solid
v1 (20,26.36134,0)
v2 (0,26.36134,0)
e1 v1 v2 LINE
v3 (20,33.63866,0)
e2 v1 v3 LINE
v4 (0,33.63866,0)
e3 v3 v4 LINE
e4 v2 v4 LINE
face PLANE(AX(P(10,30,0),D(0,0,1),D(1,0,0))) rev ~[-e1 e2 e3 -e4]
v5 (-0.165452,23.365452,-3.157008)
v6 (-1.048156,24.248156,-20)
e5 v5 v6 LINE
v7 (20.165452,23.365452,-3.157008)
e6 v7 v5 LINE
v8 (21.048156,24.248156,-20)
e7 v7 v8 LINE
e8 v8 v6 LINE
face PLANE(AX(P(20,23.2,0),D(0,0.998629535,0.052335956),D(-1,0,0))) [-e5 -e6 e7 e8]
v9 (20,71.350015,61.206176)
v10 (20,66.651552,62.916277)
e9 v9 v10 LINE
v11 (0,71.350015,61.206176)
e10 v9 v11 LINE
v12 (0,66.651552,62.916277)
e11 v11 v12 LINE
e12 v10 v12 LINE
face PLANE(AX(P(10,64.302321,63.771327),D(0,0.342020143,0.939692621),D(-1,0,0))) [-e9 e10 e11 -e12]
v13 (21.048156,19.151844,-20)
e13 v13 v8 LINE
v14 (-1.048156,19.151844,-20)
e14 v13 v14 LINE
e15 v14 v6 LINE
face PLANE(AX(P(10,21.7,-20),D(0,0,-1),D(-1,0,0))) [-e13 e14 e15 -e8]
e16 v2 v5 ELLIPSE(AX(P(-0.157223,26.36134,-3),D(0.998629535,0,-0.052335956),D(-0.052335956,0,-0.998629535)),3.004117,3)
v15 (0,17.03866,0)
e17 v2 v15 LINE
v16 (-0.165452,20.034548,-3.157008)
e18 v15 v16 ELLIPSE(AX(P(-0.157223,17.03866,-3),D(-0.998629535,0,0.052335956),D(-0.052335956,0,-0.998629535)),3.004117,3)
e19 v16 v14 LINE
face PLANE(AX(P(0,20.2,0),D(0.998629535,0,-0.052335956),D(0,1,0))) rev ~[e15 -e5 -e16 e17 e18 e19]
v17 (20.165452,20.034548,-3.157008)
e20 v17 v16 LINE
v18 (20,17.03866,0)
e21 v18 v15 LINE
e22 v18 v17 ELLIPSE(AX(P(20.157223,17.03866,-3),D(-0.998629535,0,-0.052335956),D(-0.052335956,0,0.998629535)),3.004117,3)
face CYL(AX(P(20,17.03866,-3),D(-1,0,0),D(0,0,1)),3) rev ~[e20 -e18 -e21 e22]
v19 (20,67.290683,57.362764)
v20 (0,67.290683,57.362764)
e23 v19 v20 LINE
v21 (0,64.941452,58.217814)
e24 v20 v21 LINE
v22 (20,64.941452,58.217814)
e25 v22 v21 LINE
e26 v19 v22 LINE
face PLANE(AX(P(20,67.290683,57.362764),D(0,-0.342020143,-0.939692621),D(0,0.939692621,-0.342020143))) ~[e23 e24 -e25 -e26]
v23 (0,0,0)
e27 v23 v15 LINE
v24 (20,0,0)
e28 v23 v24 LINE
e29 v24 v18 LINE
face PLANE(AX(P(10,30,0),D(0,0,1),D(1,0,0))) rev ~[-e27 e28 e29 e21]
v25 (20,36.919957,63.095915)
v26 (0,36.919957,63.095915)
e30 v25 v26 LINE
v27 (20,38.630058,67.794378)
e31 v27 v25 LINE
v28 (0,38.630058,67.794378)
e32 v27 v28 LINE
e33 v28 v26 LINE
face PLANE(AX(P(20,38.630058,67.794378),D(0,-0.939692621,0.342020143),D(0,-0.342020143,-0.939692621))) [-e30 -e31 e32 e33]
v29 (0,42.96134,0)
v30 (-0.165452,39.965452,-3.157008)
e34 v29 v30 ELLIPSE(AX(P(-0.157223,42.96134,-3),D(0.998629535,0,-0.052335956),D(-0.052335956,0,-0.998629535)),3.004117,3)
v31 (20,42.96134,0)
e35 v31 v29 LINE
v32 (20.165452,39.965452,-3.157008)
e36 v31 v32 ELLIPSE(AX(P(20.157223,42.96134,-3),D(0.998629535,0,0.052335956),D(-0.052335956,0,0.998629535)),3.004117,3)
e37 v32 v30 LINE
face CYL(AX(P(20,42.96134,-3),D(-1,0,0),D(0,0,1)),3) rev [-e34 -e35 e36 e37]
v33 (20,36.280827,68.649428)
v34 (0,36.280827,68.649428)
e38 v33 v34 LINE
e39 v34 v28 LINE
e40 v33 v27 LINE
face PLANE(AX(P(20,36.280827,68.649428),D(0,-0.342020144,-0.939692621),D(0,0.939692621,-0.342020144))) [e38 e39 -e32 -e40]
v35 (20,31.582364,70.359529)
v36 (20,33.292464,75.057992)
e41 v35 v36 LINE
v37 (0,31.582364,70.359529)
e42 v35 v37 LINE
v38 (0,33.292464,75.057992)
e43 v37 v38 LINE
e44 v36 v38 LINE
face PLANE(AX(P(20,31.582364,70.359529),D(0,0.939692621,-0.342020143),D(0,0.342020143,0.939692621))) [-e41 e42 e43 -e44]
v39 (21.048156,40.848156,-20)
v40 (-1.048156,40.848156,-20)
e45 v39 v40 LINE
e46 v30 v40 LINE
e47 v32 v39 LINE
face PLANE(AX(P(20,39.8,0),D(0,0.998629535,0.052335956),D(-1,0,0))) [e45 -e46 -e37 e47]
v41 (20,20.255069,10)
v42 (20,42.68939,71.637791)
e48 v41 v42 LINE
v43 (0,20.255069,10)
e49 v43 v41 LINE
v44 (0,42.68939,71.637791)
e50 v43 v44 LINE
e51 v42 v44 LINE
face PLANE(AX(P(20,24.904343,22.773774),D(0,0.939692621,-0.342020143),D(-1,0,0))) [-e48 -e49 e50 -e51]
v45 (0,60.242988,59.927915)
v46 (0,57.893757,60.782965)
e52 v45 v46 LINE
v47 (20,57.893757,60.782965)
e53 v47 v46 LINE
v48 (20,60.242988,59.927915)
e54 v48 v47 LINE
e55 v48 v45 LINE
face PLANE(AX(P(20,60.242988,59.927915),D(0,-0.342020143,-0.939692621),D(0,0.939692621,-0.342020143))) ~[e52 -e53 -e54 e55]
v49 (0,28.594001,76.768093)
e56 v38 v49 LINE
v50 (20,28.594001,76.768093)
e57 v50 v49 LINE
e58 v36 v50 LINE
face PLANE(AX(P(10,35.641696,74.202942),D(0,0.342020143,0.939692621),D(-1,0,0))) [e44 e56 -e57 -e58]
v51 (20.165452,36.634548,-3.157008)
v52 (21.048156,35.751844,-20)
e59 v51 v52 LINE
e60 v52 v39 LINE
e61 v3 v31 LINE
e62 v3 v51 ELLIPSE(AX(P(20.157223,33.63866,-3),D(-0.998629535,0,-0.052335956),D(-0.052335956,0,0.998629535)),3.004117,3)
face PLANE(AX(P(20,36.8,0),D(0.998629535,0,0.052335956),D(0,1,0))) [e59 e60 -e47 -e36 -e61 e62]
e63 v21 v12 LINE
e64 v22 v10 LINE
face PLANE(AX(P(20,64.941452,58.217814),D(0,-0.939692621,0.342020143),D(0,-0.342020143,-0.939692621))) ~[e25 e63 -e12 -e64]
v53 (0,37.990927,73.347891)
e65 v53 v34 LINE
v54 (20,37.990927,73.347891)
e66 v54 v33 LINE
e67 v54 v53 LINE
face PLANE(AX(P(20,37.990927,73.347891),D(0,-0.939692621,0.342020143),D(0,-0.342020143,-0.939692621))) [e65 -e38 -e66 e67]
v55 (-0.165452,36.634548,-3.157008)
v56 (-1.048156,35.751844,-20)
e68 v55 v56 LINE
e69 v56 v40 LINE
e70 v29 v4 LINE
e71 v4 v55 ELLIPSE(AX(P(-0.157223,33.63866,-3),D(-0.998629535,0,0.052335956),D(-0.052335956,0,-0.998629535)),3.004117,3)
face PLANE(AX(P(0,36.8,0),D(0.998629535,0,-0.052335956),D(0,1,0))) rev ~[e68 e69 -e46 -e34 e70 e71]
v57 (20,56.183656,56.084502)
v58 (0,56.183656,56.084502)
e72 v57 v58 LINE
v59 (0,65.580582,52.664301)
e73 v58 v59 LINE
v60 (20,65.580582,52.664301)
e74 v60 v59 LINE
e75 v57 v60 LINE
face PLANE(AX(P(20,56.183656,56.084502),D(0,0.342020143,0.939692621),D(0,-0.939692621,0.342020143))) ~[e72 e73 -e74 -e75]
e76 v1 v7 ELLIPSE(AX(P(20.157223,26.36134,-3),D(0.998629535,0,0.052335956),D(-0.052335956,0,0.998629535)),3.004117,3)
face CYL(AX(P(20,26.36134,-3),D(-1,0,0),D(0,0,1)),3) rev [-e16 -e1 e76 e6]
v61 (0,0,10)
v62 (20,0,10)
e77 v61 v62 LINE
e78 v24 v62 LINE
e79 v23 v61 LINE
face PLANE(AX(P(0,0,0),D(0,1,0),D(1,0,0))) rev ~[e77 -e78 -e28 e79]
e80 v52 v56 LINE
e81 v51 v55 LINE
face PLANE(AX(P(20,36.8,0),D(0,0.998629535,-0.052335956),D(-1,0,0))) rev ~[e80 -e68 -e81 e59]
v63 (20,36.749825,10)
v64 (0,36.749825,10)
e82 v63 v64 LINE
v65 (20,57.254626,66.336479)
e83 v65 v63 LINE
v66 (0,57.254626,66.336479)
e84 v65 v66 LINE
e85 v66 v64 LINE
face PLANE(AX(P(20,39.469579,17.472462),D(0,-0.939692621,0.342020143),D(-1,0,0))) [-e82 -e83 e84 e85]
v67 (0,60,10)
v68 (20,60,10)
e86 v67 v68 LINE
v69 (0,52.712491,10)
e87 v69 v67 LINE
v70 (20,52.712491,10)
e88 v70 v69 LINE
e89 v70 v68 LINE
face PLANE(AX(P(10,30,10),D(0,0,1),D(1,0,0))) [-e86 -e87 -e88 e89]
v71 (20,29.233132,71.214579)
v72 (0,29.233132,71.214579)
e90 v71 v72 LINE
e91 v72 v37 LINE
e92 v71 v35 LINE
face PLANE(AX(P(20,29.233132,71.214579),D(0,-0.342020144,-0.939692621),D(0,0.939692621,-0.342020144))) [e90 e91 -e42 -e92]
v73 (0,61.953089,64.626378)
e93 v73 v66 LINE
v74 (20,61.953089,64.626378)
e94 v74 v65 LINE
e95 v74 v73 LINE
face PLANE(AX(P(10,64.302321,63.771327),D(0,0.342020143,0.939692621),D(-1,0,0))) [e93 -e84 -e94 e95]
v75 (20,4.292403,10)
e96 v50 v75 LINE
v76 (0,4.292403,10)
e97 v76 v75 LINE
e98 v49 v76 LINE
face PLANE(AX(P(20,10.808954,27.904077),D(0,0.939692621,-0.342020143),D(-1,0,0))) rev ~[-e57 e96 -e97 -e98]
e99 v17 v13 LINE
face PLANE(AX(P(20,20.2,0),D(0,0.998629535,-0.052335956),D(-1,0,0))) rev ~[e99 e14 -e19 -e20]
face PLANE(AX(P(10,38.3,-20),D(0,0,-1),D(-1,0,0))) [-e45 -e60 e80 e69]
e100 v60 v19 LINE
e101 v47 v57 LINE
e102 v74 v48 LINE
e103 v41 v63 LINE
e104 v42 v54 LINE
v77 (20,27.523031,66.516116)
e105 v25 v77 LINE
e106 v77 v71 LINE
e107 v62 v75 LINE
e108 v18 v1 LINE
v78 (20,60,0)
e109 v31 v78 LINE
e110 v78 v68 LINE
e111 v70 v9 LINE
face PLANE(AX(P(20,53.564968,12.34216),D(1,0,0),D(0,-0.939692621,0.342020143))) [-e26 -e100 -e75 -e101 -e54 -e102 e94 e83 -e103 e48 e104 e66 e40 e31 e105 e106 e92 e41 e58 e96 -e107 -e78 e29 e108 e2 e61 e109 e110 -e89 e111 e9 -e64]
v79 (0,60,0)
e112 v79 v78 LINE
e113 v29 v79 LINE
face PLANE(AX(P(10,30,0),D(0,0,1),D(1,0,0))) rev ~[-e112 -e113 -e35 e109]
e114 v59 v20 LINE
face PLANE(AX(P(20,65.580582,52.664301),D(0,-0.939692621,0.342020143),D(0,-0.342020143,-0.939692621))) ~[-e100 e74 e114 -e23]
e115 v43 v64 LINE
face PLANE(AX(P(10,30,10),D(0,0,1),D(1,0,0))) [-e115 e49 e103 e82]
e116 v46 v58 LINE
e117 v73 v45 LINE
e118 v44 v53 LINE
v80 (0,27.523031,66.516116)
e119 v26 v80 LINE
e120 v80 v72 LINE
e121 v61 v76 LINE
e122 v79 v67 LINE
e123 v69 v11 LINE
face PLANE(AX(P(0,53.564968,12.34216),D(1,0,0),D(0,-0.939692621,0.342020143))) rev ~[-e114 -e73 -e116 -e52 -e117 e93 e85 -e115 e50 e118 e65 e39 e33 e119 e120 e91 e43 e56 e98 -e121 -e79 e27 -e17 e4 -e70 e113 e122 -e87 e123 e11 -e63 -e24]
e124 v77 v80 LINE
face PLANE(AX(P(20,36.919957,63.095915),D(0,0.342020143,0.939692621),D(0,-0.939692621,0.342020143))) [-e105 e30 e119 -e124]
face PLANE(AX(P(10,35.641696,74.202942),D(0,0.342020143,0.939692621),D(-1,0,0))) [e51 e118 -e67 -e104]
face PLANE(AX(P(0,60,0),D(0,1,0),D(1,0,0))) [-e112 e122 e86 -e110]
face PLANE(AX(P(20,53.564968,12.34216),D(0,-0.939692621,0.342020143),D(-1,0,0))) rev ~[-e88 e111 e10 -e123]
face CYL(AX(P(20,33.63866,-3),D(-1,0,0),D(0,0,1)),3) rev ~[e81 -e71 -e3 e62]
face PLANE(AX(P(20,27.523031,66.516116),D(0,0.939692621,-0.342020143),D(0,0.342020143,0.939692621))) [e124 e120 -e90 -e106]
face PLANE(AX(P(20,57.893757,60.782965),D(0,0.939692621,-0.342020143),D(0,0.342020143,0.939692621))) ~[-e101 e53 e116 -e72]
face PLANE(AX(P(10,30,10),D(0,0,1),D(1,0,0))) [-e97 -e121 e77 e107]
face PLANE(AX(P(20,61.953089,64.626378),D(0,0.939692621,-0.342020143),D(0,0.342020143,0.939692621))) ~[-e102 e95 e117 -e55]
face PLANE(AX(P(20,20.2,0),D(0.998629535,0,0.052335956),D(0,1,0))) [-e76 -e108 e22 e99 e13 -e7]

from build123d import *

# Parameters (mm, degrees)
SKETCH1_W                       = 20
SKETCH1_H                       = 60
BOSS_EXTRUDE1_DEPTH             = 10
SKETCH3_W                       = 20
SKETCH3_H                       = 3
BOSS_EXTRUDE2_DEPTH             = 20
BOSS_EXTRUDE2_DRAFT             = -3
BOSS_EXTRUDE2_PROFILE_2_DEPTH   = 20
BOSS_EXTRUDE2_PROFILE_2_DRAFT   = -3
FILLET1_R                       = 3
SKETCH7_W                       = 20
SKETCH7_H                       = 15
BOSS_EXTRUDE3_DEPTH             = 52
BOSS_EXTRUDE3_DIRECTION_2_REACH = 74.352
BOSS_EXTRUDE4_REACH             = 74.712
SKETCH11_W                      = 20
SKETCH11_H                      = 15
BOSS_EXTRUDE4_DIRECTION_2_DEPTH = 52
CUT_EXTRUDE2_START              = -20
CUT_EXTRUDE2_DEPTH              = 127.898033865


with BuildPart() as part:
    # Sketch1 → Boss-Extrude1 (new body)
    with BuildSketch(Plane.XY):
        with Locations((10, 30)):
            Rectangle(SKETCH1_W, SKETCH1_H)
    extrude(amount=BOSS_EXTRUDE1_DEPTH)


with BuildPart() as boss_extrude2_tool:
    # Sketch3 → Boss-Extrude2 (with draft: the straight prism first)
    with BuildSketch(Plane(origin=(0, 0, 0), x_dir=(-1, 0, 0), z_dir=(0, 0, -1))):
        with Locations((-10, 38.3)):
            Rectangle(SKETCH3_W, SKETCH3_H)
    extrude(amount=BOSS_EXTRUDE2_DEPTH)
    # Boss-Extrude2: the draft: its side faces are tilted about the plane it starts from
    boss_extrude2_sides = [boss_extrude2_tool.faces().sort_by_distance(p)[0] for p in [
        (20, 38.3, -10),
        (10, 36.8, -10),
        (0, 38.3, -10),
        (10, 39.8, -10),
    ]]
    draft(boss_extrude2_sides, Plane(origin=(0, 0, 0), x_dir=(-1, 0, 0), z_dir=(0, 0, -1)), BOSS_EXTRUDE2_DRAFT)


with BuildPart() as part_1:
    add(part.part)

    # Boss-Extrude2: add boss_extrude2_tool
    add(boss_extrude2_tool.part)


with BuildPart() as boss_extrude2_profile_2_tool:
    # Sketch3 → Boss-Extrude2 profile 2 (with draft: the straight prism first)
    with BuildSketch(Plane(origin=(0, 0, 0), x_dir=(-1, 0, 0), z_dir=(0, 0, -1))):
        with Locations((-10, 21.7)):
            Rectangle(SKETCH3_W, SKETCH3_H)
    extrude(amount=BOSS_EXTRUDE2_PROFILE_2_DEPTH)
    # Boss-Extrude2 profile 2: the draft: its side faces are tilted about the plane it starts from
    boss_extrude2_profile_2_sides = [boss_extrude2_profile_2_tool.faces().sort_by_distance(p)[0] for p in [
        (20, 21.7, -10),
        (10, 20.2, -10),
        (0, 21.7, -10),
        (10, 23.2, -10),
    ]]
    draft(boss_extrude2_profile_2_sides, Plane(origin=(0, 0, 0), x_dir=(-1, 0, 0), z_dir=(0, 0, -1)), BOSS_EXTRUDE2_PROFILE_2_DRAFT)


with BuildPart() as part_2:
    add(part_1.part)

    # Boss-Extrude2 profile 2: add boss_extrude2_profile_2_tool
    add(boss_extrude2_profile_2_tool.part)

    # Fillet1
    fillet1_edges = [part_2.edges().sort_by_distance(p)[0] for p in [
        (10, 36.8, 0),
        (10, 39.8, 0),
        (10, 20.2, 0),
        (10, 23.2, 0),
    ]]
    fillet(fillet1_edges, radius=FILLET1_R)

    # Sketch7 → Boss-Extrude3 (add)
    with BuildSketch(Plane(origin=(0, 10.232604755, 28.113850506), x_dir=(-1, 0, 0), z_dir=(0, 0.34202014332566943, 0.9396926207859081))):
        with Locations((-10, -8.113337756)):
            Rectangle(SKETCH7_W, SKETCH7_H)
    extrude(amount=BOSS_EXTRUDE3_DEPTH)

    # Boss-Extrude3 direction 2: up to this face of the body (flat: up to its plane)
    boss_extrude3_direction_2_end = Plane(part_2.part.faces().sort_by_distance((10, 30, 10))[0])
    # Sketch7 → Boss-Extrude3 direction 2 (add, up to the picked face)
    with BuildSketch(Plane(origin=(0, 10.232604755, 28.113850506), x_dir=(-1, 0, 0), z_dir=(0, 0.34202014332566943, 0.9396926207859081)), mode=Mode.PRIVATE) as boss_extrude3_direction_2_sk1:
        with Locations((-10, -8.113337756)):
            Rectangle(SKETCH7_W, SKETCH7_H)
    boss_extrude3_direction_2_tool1 = split(extrude(boss_extrude3_direction_2_sk1.sketch, amount=-BOSS_EXTRUDE3_DIRECTION_2_REACH, mode=Mode.PRIVATE), bisect_by=boss_extrude3_direction_2_end, keep=Keep.BOTH, mode=Mode.PRIVATE)
    add(boss_extrude3_direction_2_tool1.solids().sort_by(Axis((10, 17.856648, 25.338926), (0, -0.34202014332566943, -0.9396926207859081)))[0])

    # Boss-Extrude4: up to this plane
    boss_extrude4_end = Plane(origin=(0, 0, 10), z_dir=(0, 0, -1))
    # Sketch11 → Boss-Extrude4 (add, up to the surface)
    with BuildSketch(Plane(origin=(0, 10.232604755, 28.113850506), x_dir=(-1, 0, 0), z_dir=(0, 0.34202014332566943, 0.9396926207859081)), mode=Mode.PRIVATE) as boss_extrude4_sk1:
        with Locations((-10, -38.613337756)):
            Rectangle(SKETCH11_W, SKETCH11_H)
    boss_extrude4_tool1 = split(extrude(boss_extrude4_sk1.sketch, amount=-BOSS_EXTRUDE4_REACH, mode=Mode.PRIVATE), bisect_by=boss_extrude4_end, keep=Keep.BOTH, mode=Mode.PRIVATE)
    add(boss_extrude4_tool1.solids().sort_by_distance((10, 46.517273, 14.907311))[0])

    # Sketch11 → Boss-Extrude4 direction 2 (add)
    with BuildSketch(Plane(origin=(0, 10.232604755, 28.113850506), x_dir=(-1, 0, 0), z_dir=(0, 0.34202014332566943, 0.9396926207859081))):
        with Locations((-10, -38.613337756)):
            Rectangle(SKETCH11_W, SKETCH11_H)
    extrude(amount=BOSS_EXTRUDE4_DIRECTION_2_DEPTH)

    # Sketch9 → Cut-Extrude2 (cut)
    with BuildSketch(Plane.ZY.offset(CUT_EXTRUDE2_START)):
        Polygon((275.181377297, 111.452308492), (73.347891487, 37.990927379), (68.649428383, 36.280826662), (67.794378024, 38.630058214), (63.09591492, 36.919957498), (66.516116354, 27.52303129), (71.214579458, 29.233132007), (70.359529099, 31.582363559), (75.057992203, 33.292464275), (276.891478013, 106.753845388), (680.558449633, 253.676607614), (678.848348917, 258.375070718), align=None)
    cut_extrude2 = extrude(amount=CUT_EXTRUDE2_DEPTH, mode=Mode.SUBTRACT)

    # Mirror1: Cut-Extrude2 across plane
    add(cut_extrude2.mirror(Plane(origin=(0, 21.954356086, -7.990732128), x_dir=(0, 0.3420201433256692, 0.9396926207859082), z_dir=(0, -0.9396926207859083, 0.3420201433256692))), mode=Mode.SUBTRACT)


solid = part_2.part
